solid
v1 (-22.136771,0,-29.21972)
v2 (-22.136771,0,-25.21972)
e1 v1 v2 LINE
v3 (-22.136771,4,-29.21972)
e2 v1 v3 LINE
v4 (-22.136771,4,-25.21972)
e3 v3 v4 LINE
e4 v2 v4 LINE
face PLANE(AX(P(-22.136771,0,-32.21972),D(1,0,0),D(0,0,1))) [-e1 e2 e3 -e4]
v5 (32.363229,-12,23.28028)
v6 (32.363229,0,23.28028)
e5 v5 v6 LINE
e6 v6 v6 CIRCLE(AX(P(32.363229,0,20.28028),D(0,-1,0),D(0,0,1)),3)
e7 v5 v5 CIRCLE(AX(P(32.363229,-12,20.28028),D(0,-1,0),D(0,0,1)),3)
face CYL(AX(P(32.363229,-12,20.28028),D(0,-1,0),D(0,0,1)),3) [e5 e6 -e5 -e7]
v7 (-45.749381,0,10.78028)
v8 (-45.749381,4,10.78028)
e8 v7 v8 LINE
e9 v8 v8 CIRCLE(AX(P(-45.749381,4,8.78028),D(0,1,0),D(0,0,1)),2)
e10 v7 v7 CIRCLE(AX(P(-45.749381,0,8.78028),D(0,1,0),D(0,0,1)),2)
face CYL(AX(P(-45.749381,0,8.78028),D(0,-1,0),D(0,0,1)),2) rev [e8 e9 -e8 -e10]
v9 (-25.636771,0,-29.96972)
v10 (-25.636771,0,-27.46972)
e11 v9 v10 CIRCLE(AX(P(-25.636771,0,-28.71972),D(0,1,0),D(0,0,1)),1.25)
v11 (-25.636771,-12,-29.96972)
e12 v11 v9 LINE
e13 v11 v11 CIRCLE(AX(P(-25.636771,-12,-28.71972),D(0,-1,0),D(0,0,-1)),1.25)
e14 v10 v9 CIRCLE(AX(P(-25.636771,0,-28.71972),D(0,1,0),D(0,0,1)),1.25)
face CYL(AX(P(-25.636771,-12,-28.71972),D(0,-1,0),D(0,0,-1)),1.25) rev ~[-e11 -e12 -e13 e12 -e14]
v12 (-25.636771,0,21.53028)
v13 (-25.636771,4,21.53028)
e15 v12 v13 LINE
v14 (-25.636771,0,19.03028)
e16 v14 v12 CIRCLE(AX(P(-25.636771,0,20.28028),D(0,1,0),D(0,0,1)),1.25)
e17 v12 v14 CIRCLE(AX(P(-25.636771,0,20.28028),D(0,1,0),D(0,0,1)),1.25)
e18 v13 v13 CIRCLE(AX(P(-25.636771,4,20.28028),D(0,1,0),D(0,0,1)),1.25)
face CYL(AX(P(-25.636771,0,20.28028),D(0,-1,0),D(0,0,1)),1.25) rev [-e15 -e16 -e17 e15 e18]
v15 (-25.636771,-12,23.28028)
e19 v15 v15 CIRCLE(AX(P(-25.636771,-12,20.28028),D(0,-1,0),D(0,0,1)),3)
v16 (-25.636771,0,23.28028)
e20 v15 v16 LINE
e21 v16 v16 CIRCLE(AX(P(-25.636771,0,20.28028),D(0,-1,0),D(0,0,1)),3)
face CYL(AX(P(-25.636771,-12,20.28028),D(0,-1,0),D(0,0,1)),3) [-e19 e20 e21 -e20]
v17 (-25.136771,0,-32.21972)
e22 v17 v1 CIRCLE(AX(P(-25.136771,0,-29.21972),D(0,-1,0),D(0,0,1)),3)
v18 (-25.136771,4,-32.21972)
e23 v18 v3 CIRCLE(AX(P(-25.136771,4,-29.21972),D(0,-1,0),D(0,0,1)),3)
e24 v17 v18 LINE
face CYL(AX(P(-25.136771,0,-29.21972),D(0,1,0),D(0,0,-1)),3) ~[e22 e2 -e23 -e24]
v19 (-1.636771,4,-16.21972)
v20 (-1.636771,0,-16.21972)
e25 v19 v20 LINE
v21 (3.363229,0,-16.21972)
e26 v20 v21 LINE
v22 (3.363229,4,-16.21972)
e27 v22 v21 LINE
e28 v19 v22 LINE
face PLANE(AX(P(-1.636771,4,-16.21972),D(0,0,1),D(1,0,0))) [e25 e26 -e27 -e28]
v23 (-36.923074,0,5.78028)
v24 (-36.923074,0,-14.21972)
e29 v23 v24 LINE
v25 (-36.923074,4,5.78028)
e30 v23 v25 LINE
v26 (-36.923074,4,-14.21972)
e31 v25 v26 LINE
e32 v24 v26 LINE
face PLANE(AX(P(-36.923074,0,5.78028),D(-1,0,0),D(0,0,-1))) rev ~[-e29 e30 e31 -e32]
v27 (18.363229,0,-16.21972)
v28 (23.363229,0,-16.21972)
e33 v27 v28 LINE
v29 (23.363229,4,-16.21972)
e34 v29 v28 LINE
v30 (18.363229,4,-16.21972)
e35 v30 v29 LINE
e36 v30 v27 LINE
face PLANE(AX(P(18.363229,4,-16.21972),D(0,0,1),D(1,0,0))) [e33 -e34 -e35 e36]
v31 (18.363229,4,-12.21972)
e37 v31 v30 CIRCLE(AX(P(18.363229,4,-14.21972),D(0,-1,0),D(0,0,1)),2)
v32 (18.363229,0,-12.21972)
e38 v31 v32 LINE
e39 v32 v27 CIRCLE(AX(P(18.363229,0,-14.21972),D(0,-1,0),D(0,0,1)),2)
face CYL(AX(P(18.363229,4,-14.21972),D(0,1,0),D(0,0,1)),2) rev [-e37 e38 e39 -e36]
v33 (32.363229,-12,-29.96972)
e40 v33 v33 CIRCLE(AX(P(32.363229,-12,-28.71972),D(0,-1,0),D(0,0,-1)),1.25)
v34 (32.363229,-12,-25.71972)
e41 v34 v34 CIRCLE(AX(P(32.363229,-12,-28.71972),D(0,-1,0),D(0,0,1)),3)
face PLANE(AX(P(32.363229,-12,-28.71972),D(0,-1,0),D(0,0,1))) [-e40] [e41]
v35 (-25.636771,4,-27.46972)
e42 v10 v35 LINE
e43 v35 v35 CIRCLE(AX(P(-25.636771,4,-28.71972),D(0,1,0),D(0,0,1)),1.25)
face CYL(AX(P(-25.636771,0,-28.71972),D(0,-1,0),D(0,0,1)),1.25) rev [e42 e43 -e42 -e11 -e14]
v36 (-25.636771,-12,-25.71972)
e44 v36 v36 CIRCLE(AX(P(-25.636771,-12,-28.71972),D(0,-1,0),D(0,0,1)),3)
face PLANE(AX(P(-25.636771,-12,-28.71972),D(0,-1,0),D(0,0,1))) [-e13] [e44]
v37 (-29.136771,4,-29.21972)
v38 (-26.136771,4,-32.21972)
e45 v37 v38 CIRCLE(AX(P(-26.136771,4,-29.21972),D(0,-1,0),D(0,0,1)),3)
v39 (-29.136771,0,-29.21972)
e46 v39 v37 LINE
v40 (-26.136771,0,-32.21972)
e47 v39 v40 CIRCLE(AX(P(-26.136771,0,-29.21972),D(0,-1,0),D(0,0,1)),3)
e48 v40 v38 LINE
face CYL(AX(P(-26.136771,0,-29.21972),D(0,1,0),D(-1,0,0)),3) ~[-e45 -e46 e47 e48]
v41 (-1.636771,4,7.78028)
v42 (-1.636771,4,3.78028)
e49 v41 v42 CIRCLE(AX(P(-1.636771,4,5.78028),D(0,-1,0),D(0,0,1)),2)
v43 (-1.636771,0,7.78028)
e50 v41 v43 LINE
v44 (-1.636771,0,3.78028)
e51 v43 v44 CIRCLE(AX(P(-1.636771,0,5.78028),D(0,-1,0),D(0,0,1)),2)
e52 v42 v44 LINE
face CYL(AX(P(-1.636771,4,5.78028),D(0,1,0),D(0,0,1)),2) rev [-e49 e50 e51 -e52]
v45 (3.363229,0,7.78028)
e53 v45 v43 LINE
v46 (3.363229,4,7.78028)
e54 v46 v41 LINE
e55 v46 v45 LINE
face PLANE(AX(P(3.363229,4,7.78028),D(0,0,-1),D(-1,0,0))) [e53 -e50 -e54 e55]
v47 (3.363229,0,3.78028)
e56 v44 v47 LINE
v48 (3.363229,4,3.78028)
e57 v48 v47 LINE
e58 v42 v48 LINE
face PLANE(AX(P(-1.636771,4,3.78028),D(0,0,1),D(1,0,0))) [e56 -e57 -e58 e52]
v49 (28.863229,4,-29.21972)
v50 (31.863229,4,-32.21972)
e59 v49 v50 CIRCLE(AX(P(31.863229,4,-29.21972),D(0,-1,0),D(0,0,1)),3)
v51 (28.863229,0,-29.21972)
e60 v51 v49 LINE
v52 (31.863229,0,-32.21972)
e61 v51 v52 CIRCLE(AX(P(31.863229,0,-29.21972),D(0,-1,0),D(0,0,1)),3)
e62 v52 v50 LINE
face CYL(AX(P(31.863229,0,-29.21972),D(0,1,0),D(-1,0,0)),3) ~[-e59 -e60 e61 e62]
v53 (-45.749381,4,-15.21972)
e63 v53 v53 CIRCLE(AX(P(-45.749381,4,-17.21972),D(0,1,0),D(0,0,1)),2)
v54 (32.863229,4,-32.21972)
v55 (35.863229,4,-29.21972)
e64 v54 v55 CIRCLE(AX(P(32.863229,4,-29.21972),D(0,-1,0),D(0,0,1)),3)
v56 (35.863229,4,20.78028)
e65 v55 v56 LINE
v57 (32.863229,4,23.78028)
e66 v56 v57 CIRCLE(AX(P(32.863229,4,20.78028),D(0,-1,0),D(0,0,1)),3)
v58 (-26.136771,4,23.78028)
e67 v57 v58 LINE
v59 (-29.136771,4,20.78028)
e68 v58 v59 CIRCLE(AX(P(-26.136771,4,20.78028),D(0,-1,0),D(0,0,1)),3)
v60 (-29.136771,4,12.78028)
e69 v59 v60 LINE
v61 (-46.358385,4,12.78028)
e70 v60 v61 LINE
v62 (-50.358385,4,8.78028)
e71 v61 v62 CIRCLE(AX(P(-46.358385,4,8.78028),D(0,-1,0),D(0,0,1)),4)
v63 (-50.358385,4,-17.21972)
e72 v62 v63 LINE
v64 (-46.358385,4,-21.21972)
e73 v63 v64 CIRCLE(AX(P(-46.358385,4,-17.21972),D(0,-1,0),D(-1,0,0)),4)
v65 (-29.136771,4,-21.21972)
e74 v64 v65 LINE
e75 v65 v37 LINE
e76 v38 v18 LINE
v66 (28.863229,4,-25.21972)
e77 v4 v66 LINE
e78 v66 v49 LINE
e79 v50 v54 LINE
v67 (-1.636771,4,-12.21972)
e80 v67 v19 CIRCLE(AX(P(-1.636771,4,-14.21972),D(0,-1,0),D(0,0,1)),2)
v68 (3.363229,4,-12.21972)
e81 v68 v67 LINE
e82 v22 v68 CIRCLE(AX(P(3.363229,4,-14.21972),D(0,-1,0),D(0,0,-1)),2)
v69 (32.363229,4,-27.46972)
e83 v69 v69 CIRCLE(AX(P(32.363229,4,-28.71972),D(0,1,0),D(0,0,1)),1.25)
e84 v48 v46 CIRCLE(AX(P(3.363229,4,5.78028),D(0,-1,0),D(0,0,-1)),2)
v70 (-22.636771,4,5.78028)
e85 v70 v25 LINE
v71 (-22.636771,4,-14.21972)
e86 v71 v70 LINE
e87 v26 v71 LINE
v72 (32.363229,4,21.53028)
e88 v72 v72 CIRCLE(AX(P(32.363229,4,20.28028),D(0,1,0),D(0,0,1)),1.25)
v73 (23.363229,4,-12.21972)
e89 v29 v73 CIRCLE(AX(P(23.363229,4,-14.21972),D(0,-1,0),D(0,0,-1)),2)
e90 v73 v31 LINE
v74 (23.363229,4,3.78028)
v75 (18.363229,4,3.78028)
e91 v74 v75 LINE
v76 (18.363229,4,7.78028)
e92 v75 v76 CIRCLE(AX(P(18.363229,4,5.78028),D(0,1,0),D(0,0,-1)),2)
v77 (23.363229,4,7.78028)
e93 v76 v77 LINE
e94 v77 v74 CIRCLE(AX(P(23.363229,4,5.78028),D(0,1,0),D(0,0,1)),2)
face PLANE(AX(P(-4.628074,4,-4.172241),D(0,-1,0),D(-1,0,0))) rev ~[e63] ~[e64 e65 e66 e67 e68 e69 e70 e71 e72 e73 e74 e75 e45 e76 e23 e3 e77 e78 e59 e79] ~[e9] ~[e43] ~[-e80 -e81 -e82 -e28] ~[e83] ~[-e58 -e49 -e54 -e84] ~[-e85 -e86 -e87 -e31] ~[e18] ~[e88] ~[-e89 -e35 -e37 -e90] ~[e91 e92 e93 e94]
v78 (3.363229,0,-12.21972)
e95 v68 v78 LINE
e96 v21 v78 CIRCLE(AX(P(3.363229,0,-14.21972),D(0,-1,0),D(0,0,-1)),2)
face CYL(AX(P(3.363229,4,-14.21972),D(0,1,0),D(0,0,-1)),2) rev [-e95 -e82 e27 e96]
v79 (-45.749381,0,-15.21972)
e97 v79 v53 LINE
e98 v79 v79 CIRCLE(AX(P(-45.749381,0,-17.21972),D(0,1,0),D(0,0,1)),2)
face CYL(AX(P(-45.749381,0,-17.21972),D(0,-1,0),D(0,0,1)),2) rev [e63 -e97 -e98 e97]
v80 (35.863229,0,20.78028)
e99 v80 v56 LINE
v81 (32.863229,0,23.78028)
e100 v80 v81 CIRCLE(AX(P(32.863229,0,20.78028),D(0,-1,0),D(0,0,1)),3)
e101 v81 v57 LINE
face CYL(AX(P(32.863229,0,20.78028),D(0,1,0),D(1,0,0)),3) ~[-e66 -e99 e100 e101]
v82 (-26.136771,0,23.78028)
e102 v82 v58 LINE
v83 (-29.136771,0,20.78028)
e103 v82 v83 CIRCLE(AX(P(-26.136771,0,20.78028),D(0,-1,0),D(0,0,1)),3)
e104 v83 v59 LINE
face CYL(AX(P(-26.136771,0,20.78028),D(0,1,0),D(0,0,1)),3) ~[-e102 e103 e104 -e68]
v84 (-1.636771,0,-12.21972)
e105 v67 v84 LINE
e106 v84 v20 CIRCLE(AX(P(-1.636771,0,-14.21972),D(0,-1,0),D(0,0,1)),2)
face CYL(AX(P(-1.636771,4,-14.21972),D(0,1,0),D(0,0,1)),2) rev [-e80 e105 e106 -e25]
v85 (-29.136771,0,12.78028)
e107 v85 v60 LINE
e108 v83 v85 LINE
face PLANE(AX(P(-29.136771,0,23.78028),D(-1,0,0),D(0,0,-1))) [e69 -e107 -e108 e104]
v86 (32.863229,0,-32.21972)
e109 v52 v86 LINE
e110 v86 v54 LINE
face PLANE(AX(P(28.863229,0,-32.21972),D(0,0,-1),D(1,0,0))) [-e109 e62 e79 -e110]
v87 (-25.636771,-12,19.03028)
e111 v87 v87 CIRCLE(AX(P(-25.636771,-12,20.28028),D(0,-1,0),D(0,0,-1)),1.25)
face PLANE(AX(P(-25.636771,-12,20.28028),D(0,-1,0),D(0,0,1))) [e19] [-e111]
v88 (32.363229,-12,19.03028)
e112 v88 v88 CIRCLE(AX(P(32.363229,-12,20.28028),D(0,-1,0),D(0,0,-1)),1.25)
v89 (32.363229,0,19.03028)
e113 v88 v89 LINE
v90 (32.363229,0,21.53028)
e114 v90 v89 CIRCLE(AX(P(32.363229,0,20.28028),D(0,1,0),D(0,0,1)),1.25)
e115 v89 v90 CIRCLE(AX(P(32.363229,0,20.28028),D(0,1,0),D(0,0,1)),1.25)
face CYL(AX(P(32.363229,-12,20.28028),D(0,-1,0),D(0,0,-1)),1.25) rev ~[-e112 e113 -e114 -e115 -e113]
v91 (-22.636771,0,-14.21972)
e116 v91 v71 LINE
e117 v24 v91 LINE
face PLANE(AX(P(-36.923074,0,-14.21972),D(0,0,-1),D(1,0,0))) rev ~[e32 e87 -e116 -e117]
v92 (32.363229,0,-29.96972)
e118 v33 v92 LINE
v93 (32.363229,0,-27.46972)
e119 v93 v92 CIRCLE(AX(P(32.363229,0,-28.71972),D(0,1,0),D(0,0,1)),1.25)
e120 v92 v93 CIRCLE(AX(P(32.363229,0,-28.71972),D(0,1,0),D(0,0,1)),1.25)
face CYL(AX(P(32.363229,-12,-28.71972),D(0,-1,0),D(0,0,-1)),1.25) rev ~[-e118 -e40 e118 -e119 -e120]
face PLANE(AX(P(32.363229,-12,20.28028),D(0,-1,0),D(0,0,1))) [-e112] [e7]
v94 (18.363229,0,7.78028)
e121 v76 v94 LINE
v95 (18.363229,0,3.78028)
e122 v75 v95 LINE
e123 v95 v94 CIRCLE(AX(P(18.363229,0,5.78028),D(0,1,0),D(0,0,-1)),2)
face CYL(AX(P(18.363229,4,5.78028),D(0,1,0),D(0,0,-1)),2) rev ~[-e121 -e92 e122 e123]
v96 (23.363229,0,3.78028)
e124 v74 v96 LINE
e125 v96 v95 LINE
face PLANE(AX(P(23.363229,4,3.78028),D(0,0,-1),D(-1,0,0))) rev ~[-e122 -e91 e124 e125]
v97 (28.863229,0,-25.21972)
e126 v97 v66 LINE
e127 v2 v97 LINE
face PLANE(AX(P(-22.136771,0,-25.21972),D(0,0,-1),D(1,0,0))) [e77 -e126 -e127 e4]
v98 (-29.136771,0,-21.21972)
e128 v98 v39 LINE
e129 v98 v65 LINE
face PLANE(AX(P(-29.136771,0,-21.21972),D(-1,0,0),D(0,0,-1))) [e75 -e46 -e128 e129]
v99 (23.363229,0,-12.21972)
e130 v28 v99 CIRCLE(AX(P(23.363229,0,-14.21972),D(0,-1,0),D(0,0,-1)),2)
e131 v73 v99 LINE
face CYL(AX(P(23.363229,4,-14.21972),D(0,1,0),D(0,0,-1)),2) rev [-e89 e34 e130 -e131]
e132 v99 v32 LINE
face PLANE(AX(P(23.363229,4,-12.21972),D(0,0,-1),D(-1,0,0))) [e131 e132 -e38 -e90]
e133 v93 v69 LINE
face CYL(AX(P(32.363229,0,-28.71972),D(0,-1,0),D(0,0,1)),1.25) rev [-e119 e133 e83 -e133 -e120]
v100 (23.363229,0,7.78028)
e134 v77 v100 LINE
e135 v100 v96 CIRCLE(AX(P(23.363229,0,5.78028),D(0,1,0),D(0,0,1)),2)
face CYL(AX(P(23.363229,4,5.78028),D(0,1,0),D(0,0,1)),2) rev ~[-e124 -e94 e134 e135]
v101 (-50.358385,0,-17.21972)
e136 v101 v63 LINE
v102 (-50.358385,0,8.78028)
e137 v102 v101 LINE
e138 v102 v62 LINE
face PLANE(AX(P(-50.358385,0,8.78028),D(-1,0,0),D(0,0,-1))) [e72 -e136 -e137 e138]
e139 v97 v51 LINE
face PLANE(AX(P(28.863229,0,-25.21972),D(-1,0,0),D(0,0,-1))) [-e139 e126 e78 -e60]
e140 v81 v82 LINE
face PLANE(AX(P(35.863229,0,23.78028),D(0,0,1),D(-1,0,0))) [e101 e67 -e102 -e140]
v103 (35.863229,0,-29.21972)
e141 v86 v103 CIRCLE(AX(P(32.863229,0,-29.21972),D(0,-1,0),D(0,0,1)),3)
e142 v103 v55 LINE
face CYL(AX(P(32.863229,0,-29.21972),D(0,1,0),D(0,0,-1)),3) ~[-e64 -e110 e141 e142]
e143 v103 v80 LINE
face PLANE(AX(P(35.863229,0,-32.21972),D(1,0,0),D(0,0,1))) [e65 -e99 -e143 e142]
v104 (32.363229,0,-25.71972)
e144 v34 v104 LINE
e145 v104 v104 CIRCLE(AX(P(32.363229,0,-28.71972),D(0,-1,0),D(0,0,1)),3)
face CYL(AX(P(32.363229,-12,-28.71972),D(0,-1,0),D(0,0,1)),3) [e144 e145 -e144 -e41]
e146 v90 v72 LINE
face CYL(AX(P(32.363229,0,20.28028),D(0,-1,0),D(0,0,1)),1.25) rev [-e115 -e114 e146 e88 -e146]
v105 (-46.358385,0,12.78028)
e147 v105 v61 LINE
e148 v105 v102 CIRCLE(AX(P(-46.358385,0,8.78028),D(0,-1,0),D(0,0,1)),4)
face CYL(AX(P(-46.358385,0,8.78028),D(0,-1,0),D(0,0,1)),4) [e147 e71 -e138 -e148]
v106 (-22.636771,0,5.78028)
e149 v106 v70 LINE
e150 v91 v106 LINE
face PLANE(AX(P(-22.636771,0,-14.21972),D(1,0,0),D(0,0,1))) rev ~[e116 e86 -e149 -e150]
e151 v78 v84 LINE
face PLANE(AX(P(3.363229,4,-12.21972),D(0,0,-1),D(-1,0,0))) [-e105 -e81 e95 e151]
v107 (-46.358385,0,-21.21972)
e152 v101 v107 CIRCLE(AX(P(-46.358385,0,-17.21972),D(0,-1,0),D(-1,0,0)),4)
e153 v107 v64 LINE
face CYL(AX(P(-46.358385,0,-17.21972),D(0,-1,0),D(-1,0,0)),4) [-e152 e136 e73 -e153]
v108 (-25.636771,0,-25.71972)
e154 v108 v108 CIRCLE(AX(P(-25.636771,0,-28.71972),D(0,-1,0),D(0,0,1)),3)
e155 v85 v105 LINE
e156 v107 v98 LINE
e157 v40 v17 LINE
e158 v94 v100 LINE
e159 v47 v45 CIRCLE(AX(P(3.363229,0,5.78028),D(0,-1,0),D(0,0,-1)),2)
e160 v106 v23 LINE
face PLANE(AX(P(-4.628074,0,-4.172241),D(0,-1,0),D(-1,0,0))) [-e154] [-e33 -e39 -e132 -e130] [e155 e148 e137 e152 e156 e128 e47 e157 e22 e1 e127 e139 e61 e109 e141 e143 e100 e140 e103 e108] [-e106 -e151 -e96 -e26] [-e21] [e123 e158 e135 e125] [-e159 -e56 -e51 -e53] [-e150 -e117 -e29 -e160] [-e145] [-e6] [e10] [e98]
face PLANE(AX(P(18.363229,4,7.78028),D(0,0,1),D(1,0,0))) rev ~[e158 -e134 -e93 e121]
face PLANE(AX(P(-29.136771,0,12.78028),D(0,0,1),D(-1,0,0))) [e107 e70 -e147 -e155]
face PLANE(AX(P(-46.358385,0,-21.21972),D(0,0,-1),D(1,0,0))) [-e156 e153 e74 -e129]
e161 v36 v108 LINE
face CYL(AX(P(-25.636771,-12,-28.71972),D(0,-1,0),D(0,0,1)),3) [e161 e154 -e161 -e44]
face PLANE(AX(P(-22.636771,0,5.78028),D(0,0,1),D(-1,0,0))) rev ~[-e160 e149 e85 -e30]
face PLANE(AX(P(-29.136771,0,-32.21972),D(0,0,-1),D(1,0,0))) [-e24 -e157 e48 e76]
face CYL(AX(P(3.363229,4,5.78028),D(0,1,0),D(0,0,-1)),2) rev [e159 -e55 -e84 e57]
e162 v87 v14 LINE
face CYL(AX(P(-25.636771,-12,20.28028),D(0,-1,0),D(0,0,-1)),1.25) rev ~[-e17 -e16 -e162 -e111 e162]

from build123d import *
from build123d.topology import SkipClean

# Parameters (mm, degrees)
SKETCH1_R           = 1.25
SKETCH1_R_2         = 2
BOSS_EXTRUDE1_DEPTH = 4
FILLET1_R           = 3
CUT_EXTRUDE1_DEPTH  = 4
BOSS_EXTRUDE2_START = 12
SKETCH3_R           = 3
SKETCH3_R_2         = 1.25
BOSS_EXTRUDE2_DEPTH = 12


with BuildPart() as part:
    # Sketch1 → Boss-Extrude1 (new body)
    with BuildSketch(Plane(origin=(0, 0, 0), x_dir=(1, 0, 0), z_dir=(0, 1, 0))):
        with BuildLine():
            Line((-29.136771411, 21.21972047), (-29.136771411, 32.21972047))
            Line((-29.136771411, 32.21972047), (-22.136771411, 32.21972047))
            Line((-22.136771411, 32.21972047), (-22.136771411, 25.21972047))
            Line((-22.136771411, 25.21972047), (28.863228589, 25.21972047))
            Line((28.863228589, 25.21972047), (28.863228589, 32.21972047))
            Line((28.863228589, 32.21972047), (35.863228589, 32.21972047))
            Line((35.863228589, 32.21972047), (35.863228589, -23.78027953))
            Line((35.863228589, -23.78027953), (-29.136771411, -23.78027953))
            Line((-29.136771411, -23.78027953), (-29.136771411, -12.78027953))
            Line((-29.136771411, -12.78027953), (-46.358384932, -12.78027953))
            ThreePointArc((-46.358384932, -12.78027953), (-49.186812057, -11.608706655), (-50.358384932, -8.78027953))
            Line((-50.358384932, -8.78027953), (-50.358384932, 17.21972047))
            ThreePointArc((-50.358384932, 17.21972047), (-49.186812057, 20.048147594), (-46.358384932, 21.21972047))
            Line((-46.358384932, 21.21972047), (-29.136771411, 21.21972047))
        make_face()
        with Locations(Location((32.363228589, 28.71972047, 0), (0, 0, 270))):
            Circle(SKETCH1_R, mode=Mode.SUBTRACT)
        with Locations(Location((-25.636771411, 28.71972047, 0), (0, 0, 270))):
            Circle(SKETCH1_R, mode=Mode.SUBTRACT)
        with Locations(Location((32.363228589, -20.28027953, 0), (0, 0, 270))):
            Circle(SKETCH1_R, mode=Mode.SUBTRACT)
        with Locations(Location((-25.636771411, -20.28027953, 0), (0, 0, 270))):
            Circle(SKETCH1_R, mode=Mode.SUBTRACT)
        with Locations(Location((-45.749381244, 17.21972047, 0), (0, 0, 270))):
            Circle(SKETCH1_R_2, mode=Mode.SUBTRACT)
        with Locations(Location((-45.749381244, -8.78027953, 0), (0, 0, 270))):
            Circle(SKETCH1_R_2, mode=Mode.SUBTRACT)
        Polygon((-29.136771411, 14.21972047), (-22.636771411, 14.21972047), (-22.636771411, -5.78027953), (-29.136771411, -5.78027953), (-36.923074247, -5.78027953), (-36.923074247, 14.21972047), align=None, mode=Mode.SUBTRACT)
    extrude(amount=BOSS_EXTRUDE1_DEPTH)

    # Fillet1
    fillet1_edges = [part.edges().sort_by_distance(p)[0] for p in [
        (-22.136771411, 2, -32.21972047),
        (28.863228589, 2, -32.21972047),
        (35.863228589, 2, -32.21972047),
        (35.863228589, 2, 23.78027953),
        (-29.136771411, 2, 23.78027953),
        (-29.136771411, 2, -32.21972047),
    ]]
    fillet(fillet1_edges, radius=FILLET1_R)

    # Sketch2 → Cut-Extrude1 (cut)
    with BuildSketch(Plane(origin=(0, 4, 0), x_dir=(1, 0, 0), z_dir=(0, 1, 0))):
        with BuildLine():
            Line((-1.636771411, 16.21972047), (3.363228589, 16.21972047))
            ThreePointArc((3.363228589, 16.21972047), (5.363228589, 14.21972047), (3.363228589, 12.21972047))
            Line((3.363228589, 12.21972047), (-1.636771411, 12.21972047))
            ThreePointArc((-1.636771411, 12.21972047), (-3.636771411, 14.21972047), (-1.636771411, 16.21972047))
        make_face()
        with BuildLine():
            Line((18.363228589, 16.21972047), (23.363228589, 16.21972047))
            ThreePointArc((23.363228589, 16.21972047), (25.363228589, 14.21972047), (23.363228589, 12.21972047))
            Line((23.363228589, 12.21972047), (18.363228589, 12.21972047))
            ThreePointArc((18.363228589, 12.21972047), (16.363228589, 14.21972047), (18.363228589, 16.21972047))
        make_face()
        with BuildLine():
            Line((23.363228589, -3.78027953), (18.363228589, -3.78027953))
            ThreePointArc((18.363228589, -3.78027953), (16.363228589, -5.78027953), (18.363228589, -7.78027953))
            Line((18.363228589, -7.78027953), (23.363228589, -7.78027953))
            ThreePointArc((23.363228589, -7.78027953), (25.363228589, -5.78027953), (23.363228589, -3.78027953))
        make_face()
        with BuildLine():
            Line((-1.636771411, -3.78027953), (3.363228589, -3.78027953))
            ThreePointArc((3.363228589, -3.78027953), (5.363228589, -5.78027953), (3.363228589, -7.78027953))
            Line((3.363228589, -7.78027953), (-1.636771411, -7.78027953))
            ThreePointArc((-1.636771411, -7.78027953), (-3.636771411, -5.78027953), (-1.636771411, -3.78027953))
        make_face()
    extrude(amount=-CUT_EXTRUDE1_DEPTH, mode=Mode.SUBTRACT)

    # Sketch3 → Boss-Extrude2 (add)
    # profile 1 of 4: a face of its own
    with SkipClean():  # the faces are left unmerged after this step: merging them gives an invalid solid
        with BuildSketch(Plane.XZ.offset(BOSS_EXTRUDE2_START)):
            with Locations(Location((-25.636771411, 20.28027953, 0), (0, 0, 90))):
                Circle(SKETCH3_R)
            with Locations(Location((-25.636771411, 20.28027953, 0), (0, 0, 270))):
                Circle(SKETCH3_R_2, mode=Mode.SUBTRACT)
        # profile 2 of 4: a face of its own
        with BuildSketch(Plane.XZ.offset(BOSS_EXTRUDE2_START)):
            with Locations(Location((-25.636771411, -28.71972047, 0), (0, 0, 90))):
                Circle(SKETCH3_R)
            with Locations(Location((-25.636771411, -28.71972047, 0), (0, 0, 270))):
                Circle(SKETCH3_R_2, mode=Mode.SUBTRACT)
        # profile 3 of 4: a face of its own
        with BuildSketch(Plane.XZ.offset(BOSS_EXTRUDE2_START)):
            with Locations(Location((32.363228589, -28.71972047, 0), (0, 0, 90))):
                Circle(SKETCH3_R)
            with Locations(Location((32.363228589, -28.71972047, 0), (0, 0, 270))):
                Circle(SKETCH3_R_2, mode=Mode.SUBTRACT)
        # profile 4 of 4: a face of its own
        with BuildSketch(Plane.XZ.offset(BOSS_EXTRUDE2_START)):
            with Locations(Location((32.363228589, 20.28027953, 0), (0, 0, 90))):
                Circle(SKETCH3_R)
            with Locations(Location((32.363228589, 20.28027953, 0), (0, 0, 270))):
                Circle(SKETCH3_R_2, mode=Mode.SUBTRACT)
        extrude(amount=-BOSS_EXTRUDE2_DEPTH)


solid = part.part
